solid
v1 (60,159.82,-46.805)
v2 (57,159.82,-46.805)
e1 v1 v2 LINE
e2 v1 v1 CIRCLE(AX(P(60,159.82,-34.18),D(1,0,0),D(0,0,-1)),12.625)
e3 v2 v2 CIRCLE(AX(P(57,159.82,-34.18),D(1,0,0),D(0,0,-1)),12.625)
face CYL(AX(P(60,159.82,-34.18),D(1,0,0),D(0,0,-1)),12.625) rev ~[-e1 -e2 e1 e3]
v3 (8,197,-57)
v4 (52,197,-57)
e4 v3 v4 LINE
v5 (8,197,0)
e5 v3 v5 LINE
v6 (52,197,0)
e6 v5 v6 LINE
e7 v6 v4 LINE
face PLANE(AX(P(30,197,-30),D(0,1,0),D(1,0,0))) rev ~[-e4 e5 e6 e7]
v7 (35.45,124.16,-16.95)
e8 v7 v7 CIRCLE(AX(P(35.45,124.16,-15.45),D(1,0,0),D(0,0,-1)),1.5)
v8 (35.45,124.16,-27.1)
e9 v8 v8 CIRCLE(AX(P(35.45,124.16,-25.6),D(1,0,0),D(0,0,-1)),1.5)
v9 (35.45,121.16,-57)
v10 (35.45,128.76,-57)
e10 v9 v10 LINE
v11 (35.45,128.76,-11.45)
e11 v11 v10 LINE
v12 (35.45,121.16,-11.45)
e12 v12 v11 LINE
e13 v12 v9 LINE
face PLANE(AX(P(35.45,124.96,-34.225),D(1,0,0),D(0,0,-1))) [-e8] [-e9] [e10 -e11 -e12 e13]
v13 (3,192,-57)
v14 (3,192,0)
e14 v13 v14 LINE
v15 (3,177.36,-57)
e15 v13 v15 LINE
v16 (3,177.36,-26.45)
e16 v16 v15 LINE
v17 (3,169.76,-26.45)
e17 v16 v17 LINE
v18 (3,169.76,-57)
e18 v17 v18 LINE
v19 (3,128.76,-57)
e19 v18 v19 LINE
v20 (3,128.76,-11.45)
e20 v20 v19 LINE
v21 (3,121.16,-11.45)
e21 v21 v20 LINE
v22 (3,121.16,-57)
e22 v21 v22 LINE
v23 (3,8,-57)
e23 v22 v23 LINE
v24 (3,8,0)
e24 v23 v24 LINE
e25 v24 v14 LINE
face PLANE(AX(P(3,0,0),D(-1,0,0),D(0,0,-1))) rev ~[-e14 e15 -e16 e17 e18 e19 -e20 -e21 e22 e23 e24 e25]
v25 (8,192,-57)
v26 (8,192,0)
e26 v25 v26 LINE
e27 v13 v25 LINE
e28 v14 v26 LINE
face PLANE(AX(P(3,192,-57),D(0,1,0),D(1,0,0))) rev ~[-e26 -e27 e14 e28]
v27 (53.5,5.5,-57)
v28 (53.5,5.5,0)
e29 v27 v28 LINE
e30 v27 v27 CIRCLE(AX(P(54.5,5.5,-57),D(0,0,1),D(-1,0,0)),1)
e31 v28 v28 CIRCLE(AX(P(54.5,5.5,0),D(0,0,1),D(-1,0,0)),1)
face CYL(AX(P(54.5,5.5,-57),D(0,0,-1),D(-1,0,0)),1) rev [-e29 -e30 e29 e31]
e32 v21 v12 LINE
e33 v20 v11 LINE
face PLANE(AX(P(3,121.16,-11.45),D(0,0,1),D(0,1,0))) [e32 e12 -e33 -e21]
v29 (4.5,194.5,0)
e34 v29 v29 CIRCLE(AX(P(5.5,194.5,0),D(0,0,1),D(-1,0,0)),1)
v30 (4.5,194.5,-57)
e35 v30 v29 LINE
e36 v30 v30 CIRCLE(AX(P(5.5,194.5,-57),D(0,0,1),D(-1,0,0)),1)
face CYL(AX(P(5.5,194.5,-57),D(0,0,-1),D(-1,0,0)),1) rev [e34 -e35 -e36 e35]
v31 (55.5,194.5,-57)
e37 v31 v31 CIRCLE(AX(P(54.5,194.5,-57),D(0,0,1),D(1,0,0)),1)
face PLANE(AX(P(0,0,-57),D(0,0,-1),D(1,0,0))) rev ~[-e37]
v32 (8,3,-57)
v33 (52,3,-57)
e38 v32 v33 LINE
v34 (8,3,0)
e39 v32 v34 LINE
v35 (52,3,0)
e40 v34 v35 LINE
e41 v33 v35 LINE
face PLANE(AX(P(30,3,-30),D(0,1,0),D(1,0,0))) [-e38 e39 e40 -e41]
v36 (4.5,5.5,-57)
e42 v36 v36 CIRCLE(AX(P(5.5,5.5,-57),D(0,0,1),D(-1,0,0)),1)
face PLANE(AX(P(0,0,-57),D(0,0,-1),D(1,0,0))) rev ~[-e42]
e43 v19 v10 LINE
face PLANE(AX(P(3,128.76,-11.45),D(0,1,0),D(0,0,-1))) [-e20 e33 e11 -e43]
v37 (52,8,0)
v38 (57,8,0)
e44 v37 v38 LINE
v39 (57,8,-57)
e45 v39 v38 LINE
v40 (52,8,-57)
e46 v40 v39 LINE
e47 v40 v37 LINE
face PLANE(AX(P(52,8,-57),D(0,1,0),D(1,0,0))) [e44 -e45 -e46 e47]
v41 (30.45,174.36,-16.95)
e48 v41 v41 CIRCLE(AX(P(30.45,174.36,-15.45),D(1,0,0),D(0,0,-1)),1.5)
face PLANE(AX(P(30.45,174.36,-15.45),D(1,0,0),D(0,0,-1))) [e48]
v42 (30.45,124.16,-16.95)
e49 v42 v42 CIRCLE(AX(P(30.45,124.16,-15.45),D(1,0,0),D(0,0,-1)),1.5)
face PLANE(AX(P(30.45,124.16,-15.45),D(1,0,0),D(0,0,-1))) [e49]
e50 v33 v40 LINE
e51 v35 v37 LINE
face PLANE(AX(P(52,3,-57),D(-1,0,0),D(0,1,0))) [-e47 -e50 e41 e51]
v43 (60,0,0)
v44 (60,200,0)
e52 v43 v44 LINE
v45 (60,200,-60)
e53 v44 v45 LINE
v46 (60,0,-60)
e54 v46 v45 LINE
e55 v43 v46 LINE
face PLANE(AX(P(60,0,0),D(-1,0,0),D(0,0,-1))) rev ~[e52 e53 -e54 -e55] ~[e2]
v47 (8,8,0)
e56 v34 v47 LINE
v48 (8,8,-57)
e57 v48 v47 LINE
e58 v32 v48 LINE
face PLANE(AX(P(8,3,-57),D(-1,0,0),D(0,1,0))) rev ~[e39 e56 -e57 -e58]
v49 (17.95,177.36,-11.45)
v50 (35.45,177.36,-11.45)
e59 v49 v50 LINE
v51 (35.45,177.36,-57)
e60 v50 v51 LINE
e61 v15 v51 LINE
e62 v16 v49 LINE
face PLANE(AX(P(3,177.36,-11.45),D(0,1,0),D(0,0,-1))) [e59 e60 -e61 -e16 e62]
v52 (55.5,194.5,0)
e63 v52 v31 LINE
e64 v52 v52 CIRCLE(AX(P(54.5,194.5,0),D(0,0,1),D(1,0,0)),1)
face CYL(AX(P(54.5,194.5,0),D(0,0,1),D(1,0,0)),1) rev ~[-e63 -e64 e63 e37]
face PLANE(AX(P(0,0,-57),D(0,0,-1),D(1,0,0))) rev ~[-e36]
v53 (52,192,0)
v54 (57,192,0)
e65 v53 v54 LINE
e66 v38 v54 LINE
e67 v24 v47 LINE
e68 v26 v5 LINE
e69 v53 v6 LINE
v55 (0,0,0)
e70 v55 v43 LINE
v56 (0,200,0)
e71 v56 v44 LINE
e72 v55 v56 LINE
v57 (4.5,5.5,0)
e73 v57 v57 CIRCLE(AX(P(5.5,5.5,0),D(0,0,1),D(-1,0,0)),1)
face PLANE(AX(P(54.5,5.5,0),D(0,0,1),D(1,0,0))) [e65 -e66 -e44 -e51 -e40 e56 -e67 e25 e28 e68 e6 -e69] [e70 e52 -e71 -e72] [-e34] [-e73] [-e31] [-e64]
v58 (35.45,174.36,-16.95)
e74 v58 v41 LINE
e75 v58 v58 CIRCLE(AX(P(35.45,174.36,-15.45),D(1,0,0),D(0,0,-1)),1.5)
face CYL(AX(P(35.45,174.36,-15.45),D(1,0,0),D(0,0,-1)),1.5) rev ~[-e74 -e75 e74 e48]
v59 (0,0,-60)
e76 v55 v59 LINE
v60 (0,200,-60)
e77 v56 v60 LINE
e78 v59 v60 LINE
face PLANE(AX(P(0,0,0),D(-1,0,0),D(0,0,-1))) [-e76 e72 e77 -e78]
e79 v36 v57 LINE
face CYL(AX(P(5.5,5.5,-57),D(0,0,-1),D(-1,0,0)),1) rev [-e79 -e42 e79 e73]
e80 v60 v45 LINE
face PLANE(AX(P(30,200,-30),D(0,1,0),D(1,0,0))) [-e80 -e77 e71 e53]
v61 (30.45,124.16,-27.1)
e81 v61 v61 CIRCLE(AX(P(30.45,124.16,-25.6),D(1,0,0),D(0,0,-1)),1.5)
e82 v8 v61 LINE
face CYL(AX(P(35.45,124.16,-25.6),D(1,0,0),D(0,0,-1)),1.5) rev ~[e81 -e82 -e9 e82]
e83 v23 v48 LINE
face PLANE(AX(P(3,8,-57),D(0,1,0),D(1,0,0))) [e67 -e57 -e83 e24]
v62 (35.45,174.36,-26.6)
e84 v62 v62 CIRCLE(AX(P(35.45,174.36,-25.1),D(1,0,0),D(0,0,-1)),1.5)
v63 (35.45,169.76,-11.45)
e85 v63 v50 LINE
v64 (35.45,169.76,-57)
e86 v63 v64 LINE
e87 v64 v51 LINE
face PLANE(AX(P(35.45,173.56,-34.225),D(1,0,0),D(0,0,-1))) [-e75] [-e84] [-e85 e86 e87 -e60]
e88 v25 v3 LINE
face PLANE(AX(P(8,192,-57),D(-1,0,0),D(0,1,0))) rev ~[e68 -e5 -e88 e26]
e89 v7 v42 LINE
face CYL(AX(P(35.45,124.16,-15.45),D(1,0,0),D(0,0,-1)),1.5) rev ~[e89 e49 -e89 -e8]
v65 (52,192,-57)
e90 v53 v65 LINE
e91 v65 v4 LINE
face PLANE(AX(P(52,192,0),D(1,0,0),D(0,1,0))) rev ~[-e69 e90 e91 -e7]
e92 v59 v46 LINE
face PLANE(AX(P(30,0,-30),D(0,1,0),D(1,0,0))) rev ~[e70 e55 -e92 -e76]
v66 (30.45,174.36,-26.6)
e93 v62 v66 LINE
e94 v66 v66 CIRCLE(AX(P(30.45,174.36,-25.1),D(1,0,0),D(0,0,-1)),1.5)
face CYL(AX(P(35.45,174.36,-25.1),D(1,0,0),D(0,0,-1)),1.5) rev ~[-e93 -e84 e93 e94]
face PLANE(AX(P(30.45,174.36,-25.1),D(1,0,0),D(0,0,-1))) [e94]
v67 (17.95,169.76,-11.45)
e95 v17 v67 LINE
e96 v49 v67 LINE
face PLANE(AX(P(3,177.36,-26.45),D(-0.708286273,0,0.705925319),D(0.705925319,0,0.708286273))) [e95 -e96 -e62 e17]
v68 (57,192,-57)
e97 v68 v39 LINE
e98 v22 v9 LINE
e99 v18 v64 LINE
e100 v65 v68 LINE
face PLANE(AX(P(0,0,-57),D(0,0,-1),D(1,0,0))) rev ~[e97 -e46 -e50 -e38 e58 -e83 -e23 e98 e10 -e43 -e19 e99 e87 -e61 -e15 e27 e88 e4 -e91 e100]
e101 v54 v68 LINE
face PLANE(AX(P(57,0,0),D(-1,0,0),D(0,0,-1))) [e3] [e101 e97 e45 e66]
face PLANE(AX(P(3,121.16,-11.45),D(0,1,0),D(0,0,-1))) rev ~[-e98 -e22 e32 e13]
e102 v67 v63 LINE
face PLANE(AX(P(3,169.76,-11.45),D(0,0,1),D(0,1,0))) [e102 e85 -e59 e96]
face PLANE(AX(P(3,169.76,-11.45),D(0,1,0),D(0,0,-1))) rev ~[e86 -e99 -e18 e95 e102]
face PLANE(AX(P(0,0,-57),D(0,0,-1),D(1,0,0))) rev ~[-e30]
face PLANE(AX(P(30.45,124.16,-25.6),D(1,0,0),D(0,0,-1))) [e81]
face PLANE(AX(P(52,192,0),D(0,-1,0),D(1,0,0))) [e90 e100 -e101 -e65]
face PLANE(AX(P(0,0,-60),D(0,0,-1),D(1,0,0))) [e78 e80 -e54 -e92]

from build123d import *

# Parameters (mm, degrees)
SZKIC1_W                    = 60
SZKIC1_H                    = 60
DODANIE_WYCI_GNI_CIE1_DEPTH = 200
SKORUPA1_T                  = -3
SZKIC2_W                    = 5
SZKIC2_H                    = 5
SZKIC2_R                    = 1
DODANIE_WYCI_GNI_CIE2_DEPTH = 57
SZKIC4_W                    = 5
SZKIC4_H                    = 5
SZKIC4_R                    = 1
DODANIE_WYCI_GNI_CIE3_DEPTH = 57
SZKIC5_W                    = 5
SZKIC5_H                    = 5
SZKIC5_R                    = 1
DODANIE_WYCI_GNI_CIE4_DEPTH = 57
SZKIC6_W                    = 5
SZKIC6_H                    = 5
SZKIC6_R                    = 1
DODANIE_WYCI_GNI_CIE6_DEPTH = 57
SZKIC9_R                    = 12.625
WYTNIJ_WYCI_GNI_CIE1_DEPTH  = 3
SZKIC10_W                   = 45.55
SZKIC10_H                   = 7.6
DODANIE_WYCI_GNI_CIE7_DEPTH = 32.45
SZKIC13_R                   = 1.5
WYTNIJ_WYCI_GNI_CIE4_DEPTH  = 5
SZKIC14_R                   = 1.5
WYTNIJ_WYCI_GNI_CIE5_DEPTH  = 5
WYTNIJ_WYCI_GNI_CIE7_DEPTH  = 10


with BuildPart() as part:
    # Szkic1 → Dodanie-wyciągnięcie1 (new body)
    with BuildSketch(Plane(origin=(0, 0, 0), x_dir=(1, 0, 0), z_dir=(0, 1, 0))):
        with Locations((30, 30)):
            Rectangle(SZKIC1_W, SZKIC1_H)
    extrude(amount=DODANIE_WYCI_GNI_CIE1_DEPTH)

    # Skorupa1
    skorupa1_openings = [part.faces().sort_by_distance(p)[0] for p in [
        (30, 100, 0),
    ]]
    offset(amount=SKORUPA1_T, openings=skorupa1_openings, kind=Kind.INTERSECTION)

    # Szkic2 → Dodanie-wyciągnięcie2 (add)
    with BuildSketch(Plane.XY.offset(-57)):
        with Locations((5.5, 194.5)):
            Rectangle(SZKIC2_W, SZKIC2_H)
        with Locations(Location((5.5, 194.5, 0), (0, 0, 180))):
            Circle(SZKIC2_R, mode=Mode.SUBTRACT)
    extrude(amount=DODANIE_WYCI_GNI_CIE2_DEPTH)

    # Szkic4 → Dodanie-wyciągnięcie3 (add)
    with BuildSketch(Plane.XY):
        with Locations((54.5, 194.5)):
            Rectangle(SZKIC4_W, SZKIC4_H)
        with Locations((54.5, 194.5)):
            Circle(SZKIC4_R, mode=Mode.SUBTRACT)
    extrude(amount=-DODANIE_WYCI_GNI_CIE3_DEPTH)

    # Szkic5 → Dodanie-wyciągnięcie4 (add)
    with BuildSketch(Plane.XY.offset(-57)):
        with Locations((5.5, 5.5)):
            Rectangle(SZKIC5_W, SZKIC5_H)
        with Locations(Location((5.5, 5.5, 0), (0, 0, 180))):
            Circle(SZKIC5_R, mode=Mode.SUBTRACT)
    extrude(amount=DODANIE_WYCI_GNI_CIE4_DEPTH)

    # Szkic6 → Dodanie-wyciągnięcie6 (add)
    with BuildSketch(Plane.XY.offset(-57)):
        with Locations((54.5, 5.5)):
            Rectangle(SZKIC6_W, SZKIC6_H)
        with Locations(Location((54.5, 5.5, 0), (0, 0, 180))):
            Circle(SZKIC6_R, mode=Mode.SUBTRACT)
    extrude(amount=DODANIE_WYCI_GNI_CIE6_DEPTH)

    # Szkic9 → Wytnij-wyciągnięcie1 (cut)
    with BuildSketch(Plane(origin=(60, 0, 0), x_dir=(0, 0, -1), z_dir=(1, 0, 0))):
        with Locations((34.18, 159.82)):
            Circle(SZKIC9_R)
    extrude(amount=-WYTNIJ_WYCI_GNI_CIE1_DEPTH, mode=Mode.SUBTRACT)

    # Szkic10 → Dodanie-wyciągnięcie7 (add)
    with BuildSketch(Plane(origin=(3, 0, 0), x_dir=(0, 0, -1), z_dir=(1, 0, 0))):
        with Locations((34.225, 173.56)):
            Rectangle(SZKIC10_W, SZKIC10_H)
        with Locations((34.225, 124.96)):
            Rectangle(SZKIC10_W, SZKIC10_H)
    extrude(amount=DODANIE_WYCI_GNI_CIE7_DEPTH)

    # Szkic13 → Wytnij-wyciągnięcie4 (cut)
    with BuildSketch(Plane(origin=(35.45, 0, 0), x_dir=(0, 0, -1), z_dir=(1, 0, 0))):
        with Locations((25.1, 174.36)):
            Circle(SZKIC13_R)
        with Locations((15.45, 174.36)):
            Circle(SZKIC13_R)
    extrude(amount=-WYTNIJ_WYCI_GNI_CIE4_DEPTH, mode=Mode.SUBTRACT)

    # Szkic14 → Wytnij-wyciągnięcie5 (cut)
    with BuildSketch(Plane(origin=(35.45, 0, 0), x_dir=(0, 0, -1), z_dir=(1, 0, 0))):
        with Locations((25.6, 124.16)):
            Circle(SZKIC14_R)
        with Locations((15.45, 124.16)):
            Circle(SZKIC14_R)
    extrude(amount=-WYTNIJ_WYCI_GNI_CIE5_DEPTH, mode=Mode.SUBTRACT)

    # Szkic15 → Wytnij-wyciągnięcie7 (cut)
    with BuildSketch(Plane(origin=(0, 177.36, 0), x_dir=(1, 0, 0), z_dir=(0, 1, 0))):
        Polygon((17.95, 11.45), (3, 11.45), (3, 26.45), align=None)
    extrude(amount=-WYTNIJ_WYCI_GNI_CIE7_DEPTH, mode=Mode.SUBTRACT)


solid = part.part
